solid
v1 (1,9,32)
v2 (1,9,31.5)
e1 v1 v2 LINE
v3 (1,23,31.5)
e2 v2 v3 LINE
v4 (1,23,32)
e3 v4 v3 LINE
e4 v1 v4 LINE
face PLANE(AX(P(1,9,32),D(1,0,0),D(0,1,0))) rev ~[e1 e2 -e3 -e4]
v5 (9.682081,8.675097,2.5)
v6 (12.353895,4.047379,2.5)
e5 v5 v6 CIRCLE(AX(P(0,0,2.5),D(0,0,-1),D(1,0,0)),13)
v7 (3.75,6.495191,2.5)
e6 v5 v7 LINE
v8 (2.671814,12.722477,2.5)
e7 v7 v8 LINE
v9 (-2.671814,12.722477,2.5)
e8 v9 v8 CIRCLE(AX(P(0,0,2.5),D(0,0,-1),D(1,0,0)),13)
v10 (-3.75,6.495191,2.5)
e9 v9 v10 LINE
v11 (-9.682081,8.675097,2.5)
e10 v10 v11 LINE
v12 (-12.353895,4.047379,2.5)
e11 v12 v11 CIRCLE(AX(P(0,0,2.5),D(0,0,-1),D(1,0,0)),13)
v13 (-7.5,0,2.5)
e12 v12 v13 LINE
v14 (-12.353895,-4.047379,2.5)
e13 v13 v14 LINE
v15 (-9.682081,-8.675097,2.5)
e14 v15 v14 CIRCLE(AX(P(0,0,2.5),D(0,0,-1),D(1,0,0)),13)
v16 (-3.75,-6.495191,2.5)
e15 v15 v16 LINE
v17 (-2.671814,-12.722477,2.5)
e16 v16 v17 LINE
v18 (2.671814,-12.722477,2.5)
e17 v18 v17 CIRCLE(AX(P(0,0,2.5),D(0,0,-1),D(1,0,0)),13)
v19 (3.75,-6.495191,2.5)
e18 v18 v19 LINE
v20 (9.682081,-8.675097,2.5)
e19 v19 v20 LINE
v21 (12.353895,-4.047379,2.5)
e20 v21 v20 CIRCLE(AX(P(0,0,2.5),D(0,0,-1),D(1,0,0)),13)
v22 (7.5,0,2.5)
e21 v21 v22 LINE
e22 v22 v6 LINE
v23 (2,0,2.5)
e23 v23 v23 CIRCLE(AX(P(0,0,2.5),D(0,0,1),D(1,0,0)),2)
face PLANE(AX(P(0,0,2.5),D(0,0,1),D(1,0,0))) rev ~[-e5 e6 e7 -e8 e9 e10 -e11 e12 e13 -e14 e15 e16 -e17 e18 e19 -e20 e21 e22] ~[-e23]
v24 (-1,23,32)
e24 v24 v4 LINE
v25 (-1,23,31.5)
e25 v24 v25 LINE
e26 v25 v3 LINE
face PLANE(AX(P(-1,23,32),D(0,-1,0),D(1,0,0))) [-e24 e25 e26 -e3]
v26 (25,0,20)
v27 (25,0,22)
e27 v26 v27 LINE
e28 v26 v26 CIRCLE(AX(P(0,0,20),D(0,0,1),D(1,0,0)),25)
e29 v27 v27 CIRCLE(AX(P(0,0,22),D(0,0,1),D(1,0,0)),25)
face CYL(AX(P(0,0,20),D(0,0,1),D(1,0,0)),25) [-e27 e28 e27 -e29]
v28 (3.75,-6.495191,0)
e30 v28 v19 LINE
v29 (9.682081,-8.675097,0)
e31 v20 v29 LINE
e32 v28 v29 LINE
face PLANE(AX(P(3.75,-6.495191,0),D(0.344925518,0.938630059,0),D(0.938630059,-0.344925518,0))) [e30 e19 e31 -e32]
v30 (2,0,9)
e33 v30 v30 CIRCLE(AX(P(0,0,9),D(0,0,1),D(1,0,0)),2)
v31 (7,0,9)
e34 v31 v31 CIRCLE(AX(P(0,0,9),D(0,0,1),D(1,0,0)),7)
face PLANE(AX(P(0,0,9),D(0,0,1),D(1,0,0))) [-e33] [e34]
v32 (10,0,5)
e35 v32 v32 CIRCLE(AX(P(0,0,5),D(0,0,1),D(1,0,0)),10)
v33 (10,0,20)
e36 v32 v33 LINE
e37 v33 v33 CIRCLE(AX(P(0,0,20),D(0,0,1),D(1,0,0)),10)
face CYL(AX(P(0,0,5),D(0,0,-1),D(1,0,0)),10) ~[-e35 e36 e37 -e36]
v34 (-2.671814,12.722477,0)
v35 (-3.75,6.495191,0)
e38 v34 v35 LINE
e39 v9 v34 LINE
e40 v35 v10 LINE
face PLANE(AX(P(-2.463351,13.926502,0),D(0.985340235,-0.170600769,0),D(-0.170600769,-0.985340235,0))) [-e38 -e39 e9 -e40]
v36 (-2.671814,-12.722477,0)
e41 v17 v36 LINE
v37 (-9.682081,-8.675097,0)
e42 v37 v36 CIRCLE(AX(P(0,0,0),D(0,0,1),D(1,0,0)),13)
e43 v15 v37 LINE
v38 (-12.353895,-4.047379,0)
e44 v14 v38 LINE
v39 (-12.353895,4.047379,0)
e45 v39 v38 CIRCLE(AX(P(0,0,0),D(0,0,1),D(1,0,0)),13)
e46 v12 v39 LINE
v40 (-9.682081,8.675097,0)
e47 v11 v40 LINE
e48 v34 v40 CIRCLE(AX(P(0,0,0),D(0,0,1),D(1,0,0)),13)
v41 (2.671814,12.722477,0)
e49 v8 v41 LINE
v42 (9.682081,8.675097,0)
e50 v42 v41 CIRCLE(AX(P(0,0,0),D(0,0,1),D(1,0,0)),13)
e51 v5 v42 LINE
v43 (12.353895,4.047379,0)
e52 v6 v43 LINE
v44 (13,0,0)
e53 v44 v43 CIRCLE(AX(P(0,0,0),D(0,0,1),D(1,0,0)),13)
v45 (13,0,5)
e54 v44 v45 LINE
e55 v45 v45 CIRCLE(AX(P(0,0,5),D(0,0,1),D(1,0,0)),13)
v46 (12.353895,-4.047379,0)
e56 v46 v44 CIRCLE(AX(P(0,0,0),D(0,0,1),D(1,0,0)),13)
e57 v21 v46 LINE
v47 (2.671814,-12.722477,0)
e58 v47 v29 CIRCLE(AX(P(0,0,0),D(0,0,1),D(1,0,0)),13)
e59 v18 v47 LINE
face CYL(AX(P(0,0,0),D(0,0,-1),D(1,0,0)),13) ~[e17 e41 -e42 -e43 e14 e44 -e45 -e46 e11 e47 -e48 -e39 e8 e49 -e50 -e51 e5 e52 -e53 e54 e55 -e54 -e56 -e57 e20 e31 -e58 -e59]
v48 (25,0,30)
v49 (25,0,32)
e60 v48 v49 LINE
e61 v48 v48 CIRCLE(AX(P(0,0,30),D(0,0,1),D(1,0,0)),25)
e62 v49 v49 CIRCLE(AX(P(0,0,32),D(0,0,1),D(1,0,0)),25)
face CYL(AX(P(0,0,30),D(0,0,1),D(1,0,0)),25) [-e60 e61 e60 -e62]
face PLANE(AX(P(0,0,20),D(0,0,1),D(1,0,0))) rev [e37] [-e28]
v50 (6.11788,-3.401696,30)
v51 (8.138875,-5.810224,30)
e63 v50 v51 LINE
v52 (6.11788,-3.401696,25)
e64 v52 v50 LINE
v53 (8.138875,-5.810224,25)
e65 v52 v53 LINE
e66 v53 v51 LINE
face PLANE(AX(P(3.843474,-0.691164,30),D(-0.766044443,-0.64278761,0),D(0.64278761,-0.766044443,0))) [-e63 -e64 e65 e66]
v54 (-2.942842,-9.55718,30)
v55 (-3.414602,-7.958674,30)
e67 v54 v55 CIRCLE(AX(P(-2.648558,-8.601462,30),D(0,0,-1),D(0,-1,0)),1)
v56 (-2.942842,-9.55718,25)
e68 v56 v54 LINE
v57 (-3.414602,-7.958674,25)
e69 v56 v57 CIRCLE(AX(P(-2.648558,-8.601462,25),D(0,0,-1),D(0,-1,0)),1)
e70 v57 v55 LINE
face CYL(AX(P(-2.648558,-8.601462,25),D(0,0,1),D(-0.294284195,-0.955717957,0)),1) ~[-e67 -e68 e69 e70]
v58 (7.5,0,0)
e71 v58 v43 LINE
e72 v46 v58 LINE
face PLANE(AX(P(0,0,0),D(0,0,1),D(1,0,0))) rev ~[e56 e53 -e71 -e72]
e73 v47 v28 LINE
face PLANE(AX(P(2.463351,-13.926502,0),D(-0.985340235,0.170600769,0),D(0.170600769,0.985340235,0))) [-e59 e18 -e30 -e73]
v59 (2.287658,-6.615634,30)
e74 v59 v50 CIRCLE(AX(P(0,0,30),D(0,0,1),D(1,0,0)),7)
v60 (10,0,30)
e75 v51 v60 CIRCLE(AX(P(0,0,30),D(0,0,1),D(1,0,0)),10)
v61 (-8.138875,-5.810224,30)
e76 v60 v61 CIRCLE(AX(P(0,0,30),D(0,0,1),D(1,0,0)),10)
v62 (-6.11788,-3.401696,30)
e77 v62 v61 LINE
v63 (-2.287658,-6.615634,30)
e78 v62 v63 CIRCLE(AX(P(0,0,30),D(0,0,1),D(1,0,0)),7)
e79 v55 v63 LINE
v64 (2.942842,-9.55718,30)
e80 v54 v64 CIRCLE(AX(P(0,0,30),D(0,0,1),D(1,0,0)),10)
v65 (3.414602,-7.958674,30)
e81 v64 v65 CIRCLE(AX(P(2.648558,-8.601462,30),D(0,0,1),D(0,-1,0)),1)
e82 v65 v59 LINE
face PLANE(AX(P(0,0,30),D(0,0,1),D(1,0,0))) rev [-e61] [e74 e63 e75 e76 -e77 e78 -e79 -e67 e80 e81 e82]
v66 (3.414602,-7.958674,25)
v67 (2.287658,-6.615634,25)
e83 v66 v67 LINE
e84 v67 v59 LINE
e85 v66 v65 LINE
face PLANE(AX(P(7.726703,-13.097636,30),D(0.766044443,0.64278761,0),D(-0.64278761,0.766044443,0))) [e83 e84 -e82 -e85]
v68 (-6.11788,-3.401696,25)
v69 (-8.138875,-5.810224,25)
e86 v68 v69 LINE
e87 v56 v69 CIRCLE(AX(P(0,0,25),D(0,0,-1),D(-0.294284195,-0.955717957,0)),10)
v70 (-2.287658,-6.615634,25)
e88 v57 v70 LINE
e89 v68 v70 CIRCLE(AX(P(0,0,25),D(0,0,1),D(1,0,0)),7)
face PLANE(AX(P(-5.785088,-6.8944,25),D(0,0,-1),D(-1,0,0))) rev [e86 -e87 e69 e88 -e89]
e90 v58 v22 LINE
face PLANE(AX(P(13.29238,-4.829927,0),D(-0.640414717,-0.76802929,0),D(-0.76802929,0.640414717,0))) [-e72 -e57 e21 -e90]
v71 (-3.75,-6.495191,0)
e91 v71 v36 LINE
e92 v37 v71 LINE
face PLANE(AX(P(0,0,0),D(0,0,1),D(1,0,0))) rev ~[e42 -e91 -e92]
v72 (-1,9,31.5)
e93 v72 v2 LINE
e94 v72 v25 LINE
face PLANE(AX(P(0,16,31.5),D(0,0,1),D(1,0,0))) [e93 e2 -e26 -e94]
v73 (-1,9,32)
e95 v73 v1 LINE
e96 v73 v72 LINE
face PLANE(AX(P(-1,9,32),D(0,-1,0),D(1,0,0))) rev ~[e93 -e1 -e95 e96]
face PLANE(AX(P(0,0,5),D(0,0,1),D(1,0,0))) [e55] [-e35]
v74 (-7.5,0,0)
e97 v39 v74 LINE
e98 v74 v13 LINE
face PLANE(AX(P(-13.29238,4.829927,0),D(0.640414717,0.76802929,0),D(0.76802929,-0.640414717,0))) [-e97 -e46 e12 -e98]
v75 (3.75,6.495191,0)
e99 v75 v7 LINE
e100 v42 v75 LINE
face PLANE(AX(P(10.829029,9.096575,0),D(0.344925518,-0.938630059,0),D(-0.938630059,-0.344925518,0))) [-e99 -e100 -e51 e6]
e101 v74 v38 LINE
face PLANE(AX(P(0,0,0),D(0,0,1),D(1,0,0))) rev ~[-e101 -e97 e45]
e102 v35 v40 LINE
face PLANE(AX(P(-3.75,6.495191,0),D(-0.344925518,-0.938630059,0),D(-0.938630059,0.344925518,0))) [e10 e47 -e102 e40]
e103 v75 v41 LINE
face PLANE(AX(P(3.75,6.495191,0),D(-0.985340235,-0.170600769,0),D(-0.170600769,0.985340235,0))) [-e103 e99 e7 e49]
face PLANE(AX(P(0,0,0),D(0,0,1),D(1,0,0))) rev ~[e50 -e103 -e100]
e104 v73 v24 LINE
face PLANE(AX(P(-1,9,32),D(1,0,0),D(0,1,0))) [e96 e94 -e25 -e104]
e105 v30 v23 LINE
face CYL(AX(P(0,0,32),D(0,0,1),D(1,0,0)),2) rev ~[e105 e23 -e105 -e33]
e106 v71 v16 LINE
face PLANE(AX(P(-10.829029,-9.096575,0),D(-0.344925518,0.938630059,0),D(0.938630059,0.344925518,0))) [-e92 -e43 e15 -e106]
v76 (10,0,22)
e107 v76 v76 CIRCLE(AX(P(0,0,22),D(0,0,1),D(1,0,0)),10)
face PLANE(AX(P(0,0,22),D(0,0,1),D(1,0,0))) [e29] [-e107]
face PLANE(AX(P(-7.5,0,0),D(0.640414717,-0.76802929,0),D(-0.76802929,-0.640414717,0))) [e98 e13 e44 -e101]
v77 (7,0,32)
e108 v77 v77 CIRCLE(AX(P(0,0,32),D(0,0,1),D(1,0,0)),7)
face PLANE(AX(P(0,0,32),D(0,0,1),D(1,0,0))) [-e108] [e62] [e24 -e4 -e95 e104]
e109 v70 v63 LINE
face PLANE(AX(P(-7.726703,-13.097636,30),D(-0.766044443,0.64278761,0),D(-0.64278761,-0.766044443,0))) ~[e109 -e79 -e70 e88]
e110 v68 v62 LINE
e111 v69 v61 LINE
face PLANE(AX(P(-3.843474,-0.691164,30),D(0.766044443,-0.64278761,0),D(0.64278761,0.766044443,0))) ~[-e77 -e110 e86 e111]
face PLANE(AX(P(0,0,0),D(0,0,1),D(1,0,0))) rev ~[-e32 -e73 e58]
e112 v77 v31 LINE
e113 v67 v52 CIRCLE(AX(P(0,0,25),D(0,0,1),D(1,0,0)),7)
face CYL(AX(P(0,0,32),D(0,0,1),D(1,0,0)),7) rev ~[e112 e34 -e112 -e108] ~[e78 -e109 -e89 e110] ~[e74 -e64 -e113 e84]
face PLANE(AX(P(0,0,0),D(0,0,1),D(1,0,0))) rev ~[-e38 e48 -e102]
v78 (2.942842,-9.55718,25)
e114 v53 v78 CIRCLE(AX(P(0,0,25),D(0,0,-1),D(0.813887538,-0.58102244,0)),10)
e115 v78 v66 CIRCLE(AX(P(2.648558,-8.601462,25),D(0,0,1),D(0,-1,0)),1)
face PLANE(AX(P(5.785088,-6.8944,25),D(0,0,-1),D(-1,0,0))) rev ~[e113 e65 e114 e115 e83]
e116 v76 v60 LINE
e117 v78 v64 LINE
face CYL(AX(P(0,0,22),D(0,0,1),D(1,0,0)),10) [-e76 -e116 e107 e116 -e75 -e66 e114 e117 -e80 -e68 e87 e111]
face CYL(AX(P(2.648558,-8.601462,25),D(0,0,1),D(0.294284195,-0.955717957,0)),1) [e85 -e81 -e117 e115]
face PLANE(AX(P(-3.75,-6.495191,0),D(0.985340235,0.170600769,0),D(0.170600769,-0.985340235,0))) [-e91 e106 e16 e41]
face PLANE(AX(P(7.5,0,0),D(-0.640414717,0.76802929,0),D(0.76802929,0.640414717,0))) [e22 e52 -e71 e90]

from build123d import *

# Parameters (mm, degrees)
SKETCH_3_R          = 13
EXTRUDE_1_DEPTH     = 5
CUT_EXTRUDE_2_DEPTH = 2.5
SKETCH_11_R         = 10
EXTRUDE_2_DEPTH     = 15
SKETCH_6_R          = 2
CUT_EXTRUDE_3_DEPTH = 33
SKETCH_7_R          = 7
CUT_EXTRUDE_4_DEPTH = 23
CUT_EXTRUDE_6_DEPTH = 5
FILLET_1_R          = 1
SKETCH_10_W         = 2
SKETCH_10_H         = 14
CUT_EXTRUDE_7_DEPTH = 0.5


with BuildPart() as part:
    # ｽｹｯﾁ3 → ﾎﾞｽ - 押し出し1 (new body)
    with BuildSketch(Plane.XY):
        Circle(SKETCH_3_R)
    extrude(amount=EXTRUDE_1_DEPTH)

    # ｽｹｯﾁ2 → ｶｯﾄ - 押し出し2 (cut)
    with BuildSketch(Plane.XY):
        with BuildLine():
            Line((3.75, 6.495190528), (2.463350586, 13.926501921))
            ThreePointArc((2.463350586, 13.926501921), (0, 16), (-2.463350586, 13.926501921))
            Line((-2.463350586, 13.926501921), (-3.75, 6.495190528))
            Line((-3.75, 6.495190528), (-10.829029157, 9.096575147))
            ThreePointArc((-10.829029157, 9.096575147), (-13.856406461, 8), (-13.292379743, 4.829926775))
            Line((-13.292379743, 4.829926775), (-7.5, 0))
            Line((-7.5, 0), (-13.292379743, -4.829926775))
            ThreePointArc((-13.292379743, -4.829926775), (-13.856406461, -8), (-10.829029157, -9.096575147))
            Line((-10.829029157, -9.096575147), (-3.75, -6.495190528))
            Line((-3.75, -6.495190528), (-2.463350586, -13.926501921))
            ThreePointArc((-2.463350586, -13.926501921), (0, -16), (2.463350586, -13.926501921))
            Line((2.463350586, -13.926501921), (3.75, -6.495190528))
            Line((3.75, -6.495190528), (10.829029157, -9.096575147))
            ThreePointArc((10.829029157, -9.096575147), (13.856406461, -8), (13.292379743, -4.829926775))
            Line((13.292379743, -4.829926775), (7.5, 0))
            Line((7.5, 0), (13.292379743, 4.829926775))
            ThreePointArc((13.292379743, 4.829926775), (13.856406461, 8), (10.829029157, 9.096575147))
            Line((10.829029157, 9.096575147), (3.75, 6.495190528))
        make_face()
    extrude(amount=CUT_EXTRUDE_2_DEPTH, mode=Mode.SUBTRACT)

    # ｽｹｯﾁ11 → ﾎﾞｽ - 押し出し2 (add)
    with BuildSketch(Plane.XY.offset(5)):
        Circle(SKETCH_11_R)
    extrude(amount=EXTRUDE_2_DEPTH)

    # ｽｹｯﾁ5 → 回転1 (revolve)
    with BuildSketch(Plane(origin=(0, 0, 0), x_dir=(1, 0, 0), z_dir=(0, 1, 0))):
        Polygon((0, -20), (25, -20), (25, -22), (10, -22), (10, -30), (25, -30), (25, -32), (0, -32), align=None)
    revolve(axis=Axis((0, 0, 0), (0, 0, 1)))

    # ｽｹｯﾁ6 → ｶｯﾄ - 押し出し3 (cut, through all)
    with BuildSketch(Plane.XY.offset(32)):
        Circle(SKETCH_6_R)
    extrude(amount=-CUT_EXTRUDE_3_DEPTH, mode=Mode.SUBTRACT)

    # ｽｹｯﾁ7 → ｶｯﾄ - 押し出し4 (cut)
    with BuildSketch(Plane.XY.offset(32)):
        Circle(SKETCH_7_R)
    extrude(amount=-CUT_EXTRUDE_4_DEPTH, mode=Mode.SUBTRACT)

    # ｽｹｯﾁ9 → ｶｯﾄ - 押し出し6 (cut)
    with BuildSketch(Plane(origin=(0, 0, 30), x_dir=(-1, 0, 0), z_dir=(0, 0, -1))):
        Polygon((-3.843473937, -0.691164305), (-11.556925253, -9.883697623), (-7.726703038, -13.097635671), (-0.013251721, -3.905102354), align=None)
    cut_extrude_6 = extrude(amount=CUT_EXTRUDE_6_DEPTH, mode=Mode.SUBTRACT)

    # ﾐﾗｰ1: ｶｯﾄ - 押し出し6 across plane
    add(cut_extrude_6.mirror(Plane(origin=(0, 0, 0), x_dir=(0, 0, 1), z_dir=(1, 0, 0))), mode=Mode.SUBTRACT)

    # ﾌｨﾚｯﾄ1
    fillet_1_edges = [part.edges().sort_by_distance(p)[0] for p in [
        (4.308653161, -9.024162451, 27.5),
        (-4.308653161, -9.024162451, 27.5),
    ]]
    fillet(fillet_1_edges, radius=FILLET_1_R)

    # ｽｹｯﾁ10 → ｶｯﾄ - 押し出し7 (cut)
    with BuildSketch(Plane.XY.offset(32)):
        with Locations((0, 16)):
            Rectangle(SKETCH_10_W, SKETCH_10_H)
    extrude(amount=-CUT_EXTRUDE_7_DEPTH, mode=Mode.SUBTRACT)


solid = part.part
